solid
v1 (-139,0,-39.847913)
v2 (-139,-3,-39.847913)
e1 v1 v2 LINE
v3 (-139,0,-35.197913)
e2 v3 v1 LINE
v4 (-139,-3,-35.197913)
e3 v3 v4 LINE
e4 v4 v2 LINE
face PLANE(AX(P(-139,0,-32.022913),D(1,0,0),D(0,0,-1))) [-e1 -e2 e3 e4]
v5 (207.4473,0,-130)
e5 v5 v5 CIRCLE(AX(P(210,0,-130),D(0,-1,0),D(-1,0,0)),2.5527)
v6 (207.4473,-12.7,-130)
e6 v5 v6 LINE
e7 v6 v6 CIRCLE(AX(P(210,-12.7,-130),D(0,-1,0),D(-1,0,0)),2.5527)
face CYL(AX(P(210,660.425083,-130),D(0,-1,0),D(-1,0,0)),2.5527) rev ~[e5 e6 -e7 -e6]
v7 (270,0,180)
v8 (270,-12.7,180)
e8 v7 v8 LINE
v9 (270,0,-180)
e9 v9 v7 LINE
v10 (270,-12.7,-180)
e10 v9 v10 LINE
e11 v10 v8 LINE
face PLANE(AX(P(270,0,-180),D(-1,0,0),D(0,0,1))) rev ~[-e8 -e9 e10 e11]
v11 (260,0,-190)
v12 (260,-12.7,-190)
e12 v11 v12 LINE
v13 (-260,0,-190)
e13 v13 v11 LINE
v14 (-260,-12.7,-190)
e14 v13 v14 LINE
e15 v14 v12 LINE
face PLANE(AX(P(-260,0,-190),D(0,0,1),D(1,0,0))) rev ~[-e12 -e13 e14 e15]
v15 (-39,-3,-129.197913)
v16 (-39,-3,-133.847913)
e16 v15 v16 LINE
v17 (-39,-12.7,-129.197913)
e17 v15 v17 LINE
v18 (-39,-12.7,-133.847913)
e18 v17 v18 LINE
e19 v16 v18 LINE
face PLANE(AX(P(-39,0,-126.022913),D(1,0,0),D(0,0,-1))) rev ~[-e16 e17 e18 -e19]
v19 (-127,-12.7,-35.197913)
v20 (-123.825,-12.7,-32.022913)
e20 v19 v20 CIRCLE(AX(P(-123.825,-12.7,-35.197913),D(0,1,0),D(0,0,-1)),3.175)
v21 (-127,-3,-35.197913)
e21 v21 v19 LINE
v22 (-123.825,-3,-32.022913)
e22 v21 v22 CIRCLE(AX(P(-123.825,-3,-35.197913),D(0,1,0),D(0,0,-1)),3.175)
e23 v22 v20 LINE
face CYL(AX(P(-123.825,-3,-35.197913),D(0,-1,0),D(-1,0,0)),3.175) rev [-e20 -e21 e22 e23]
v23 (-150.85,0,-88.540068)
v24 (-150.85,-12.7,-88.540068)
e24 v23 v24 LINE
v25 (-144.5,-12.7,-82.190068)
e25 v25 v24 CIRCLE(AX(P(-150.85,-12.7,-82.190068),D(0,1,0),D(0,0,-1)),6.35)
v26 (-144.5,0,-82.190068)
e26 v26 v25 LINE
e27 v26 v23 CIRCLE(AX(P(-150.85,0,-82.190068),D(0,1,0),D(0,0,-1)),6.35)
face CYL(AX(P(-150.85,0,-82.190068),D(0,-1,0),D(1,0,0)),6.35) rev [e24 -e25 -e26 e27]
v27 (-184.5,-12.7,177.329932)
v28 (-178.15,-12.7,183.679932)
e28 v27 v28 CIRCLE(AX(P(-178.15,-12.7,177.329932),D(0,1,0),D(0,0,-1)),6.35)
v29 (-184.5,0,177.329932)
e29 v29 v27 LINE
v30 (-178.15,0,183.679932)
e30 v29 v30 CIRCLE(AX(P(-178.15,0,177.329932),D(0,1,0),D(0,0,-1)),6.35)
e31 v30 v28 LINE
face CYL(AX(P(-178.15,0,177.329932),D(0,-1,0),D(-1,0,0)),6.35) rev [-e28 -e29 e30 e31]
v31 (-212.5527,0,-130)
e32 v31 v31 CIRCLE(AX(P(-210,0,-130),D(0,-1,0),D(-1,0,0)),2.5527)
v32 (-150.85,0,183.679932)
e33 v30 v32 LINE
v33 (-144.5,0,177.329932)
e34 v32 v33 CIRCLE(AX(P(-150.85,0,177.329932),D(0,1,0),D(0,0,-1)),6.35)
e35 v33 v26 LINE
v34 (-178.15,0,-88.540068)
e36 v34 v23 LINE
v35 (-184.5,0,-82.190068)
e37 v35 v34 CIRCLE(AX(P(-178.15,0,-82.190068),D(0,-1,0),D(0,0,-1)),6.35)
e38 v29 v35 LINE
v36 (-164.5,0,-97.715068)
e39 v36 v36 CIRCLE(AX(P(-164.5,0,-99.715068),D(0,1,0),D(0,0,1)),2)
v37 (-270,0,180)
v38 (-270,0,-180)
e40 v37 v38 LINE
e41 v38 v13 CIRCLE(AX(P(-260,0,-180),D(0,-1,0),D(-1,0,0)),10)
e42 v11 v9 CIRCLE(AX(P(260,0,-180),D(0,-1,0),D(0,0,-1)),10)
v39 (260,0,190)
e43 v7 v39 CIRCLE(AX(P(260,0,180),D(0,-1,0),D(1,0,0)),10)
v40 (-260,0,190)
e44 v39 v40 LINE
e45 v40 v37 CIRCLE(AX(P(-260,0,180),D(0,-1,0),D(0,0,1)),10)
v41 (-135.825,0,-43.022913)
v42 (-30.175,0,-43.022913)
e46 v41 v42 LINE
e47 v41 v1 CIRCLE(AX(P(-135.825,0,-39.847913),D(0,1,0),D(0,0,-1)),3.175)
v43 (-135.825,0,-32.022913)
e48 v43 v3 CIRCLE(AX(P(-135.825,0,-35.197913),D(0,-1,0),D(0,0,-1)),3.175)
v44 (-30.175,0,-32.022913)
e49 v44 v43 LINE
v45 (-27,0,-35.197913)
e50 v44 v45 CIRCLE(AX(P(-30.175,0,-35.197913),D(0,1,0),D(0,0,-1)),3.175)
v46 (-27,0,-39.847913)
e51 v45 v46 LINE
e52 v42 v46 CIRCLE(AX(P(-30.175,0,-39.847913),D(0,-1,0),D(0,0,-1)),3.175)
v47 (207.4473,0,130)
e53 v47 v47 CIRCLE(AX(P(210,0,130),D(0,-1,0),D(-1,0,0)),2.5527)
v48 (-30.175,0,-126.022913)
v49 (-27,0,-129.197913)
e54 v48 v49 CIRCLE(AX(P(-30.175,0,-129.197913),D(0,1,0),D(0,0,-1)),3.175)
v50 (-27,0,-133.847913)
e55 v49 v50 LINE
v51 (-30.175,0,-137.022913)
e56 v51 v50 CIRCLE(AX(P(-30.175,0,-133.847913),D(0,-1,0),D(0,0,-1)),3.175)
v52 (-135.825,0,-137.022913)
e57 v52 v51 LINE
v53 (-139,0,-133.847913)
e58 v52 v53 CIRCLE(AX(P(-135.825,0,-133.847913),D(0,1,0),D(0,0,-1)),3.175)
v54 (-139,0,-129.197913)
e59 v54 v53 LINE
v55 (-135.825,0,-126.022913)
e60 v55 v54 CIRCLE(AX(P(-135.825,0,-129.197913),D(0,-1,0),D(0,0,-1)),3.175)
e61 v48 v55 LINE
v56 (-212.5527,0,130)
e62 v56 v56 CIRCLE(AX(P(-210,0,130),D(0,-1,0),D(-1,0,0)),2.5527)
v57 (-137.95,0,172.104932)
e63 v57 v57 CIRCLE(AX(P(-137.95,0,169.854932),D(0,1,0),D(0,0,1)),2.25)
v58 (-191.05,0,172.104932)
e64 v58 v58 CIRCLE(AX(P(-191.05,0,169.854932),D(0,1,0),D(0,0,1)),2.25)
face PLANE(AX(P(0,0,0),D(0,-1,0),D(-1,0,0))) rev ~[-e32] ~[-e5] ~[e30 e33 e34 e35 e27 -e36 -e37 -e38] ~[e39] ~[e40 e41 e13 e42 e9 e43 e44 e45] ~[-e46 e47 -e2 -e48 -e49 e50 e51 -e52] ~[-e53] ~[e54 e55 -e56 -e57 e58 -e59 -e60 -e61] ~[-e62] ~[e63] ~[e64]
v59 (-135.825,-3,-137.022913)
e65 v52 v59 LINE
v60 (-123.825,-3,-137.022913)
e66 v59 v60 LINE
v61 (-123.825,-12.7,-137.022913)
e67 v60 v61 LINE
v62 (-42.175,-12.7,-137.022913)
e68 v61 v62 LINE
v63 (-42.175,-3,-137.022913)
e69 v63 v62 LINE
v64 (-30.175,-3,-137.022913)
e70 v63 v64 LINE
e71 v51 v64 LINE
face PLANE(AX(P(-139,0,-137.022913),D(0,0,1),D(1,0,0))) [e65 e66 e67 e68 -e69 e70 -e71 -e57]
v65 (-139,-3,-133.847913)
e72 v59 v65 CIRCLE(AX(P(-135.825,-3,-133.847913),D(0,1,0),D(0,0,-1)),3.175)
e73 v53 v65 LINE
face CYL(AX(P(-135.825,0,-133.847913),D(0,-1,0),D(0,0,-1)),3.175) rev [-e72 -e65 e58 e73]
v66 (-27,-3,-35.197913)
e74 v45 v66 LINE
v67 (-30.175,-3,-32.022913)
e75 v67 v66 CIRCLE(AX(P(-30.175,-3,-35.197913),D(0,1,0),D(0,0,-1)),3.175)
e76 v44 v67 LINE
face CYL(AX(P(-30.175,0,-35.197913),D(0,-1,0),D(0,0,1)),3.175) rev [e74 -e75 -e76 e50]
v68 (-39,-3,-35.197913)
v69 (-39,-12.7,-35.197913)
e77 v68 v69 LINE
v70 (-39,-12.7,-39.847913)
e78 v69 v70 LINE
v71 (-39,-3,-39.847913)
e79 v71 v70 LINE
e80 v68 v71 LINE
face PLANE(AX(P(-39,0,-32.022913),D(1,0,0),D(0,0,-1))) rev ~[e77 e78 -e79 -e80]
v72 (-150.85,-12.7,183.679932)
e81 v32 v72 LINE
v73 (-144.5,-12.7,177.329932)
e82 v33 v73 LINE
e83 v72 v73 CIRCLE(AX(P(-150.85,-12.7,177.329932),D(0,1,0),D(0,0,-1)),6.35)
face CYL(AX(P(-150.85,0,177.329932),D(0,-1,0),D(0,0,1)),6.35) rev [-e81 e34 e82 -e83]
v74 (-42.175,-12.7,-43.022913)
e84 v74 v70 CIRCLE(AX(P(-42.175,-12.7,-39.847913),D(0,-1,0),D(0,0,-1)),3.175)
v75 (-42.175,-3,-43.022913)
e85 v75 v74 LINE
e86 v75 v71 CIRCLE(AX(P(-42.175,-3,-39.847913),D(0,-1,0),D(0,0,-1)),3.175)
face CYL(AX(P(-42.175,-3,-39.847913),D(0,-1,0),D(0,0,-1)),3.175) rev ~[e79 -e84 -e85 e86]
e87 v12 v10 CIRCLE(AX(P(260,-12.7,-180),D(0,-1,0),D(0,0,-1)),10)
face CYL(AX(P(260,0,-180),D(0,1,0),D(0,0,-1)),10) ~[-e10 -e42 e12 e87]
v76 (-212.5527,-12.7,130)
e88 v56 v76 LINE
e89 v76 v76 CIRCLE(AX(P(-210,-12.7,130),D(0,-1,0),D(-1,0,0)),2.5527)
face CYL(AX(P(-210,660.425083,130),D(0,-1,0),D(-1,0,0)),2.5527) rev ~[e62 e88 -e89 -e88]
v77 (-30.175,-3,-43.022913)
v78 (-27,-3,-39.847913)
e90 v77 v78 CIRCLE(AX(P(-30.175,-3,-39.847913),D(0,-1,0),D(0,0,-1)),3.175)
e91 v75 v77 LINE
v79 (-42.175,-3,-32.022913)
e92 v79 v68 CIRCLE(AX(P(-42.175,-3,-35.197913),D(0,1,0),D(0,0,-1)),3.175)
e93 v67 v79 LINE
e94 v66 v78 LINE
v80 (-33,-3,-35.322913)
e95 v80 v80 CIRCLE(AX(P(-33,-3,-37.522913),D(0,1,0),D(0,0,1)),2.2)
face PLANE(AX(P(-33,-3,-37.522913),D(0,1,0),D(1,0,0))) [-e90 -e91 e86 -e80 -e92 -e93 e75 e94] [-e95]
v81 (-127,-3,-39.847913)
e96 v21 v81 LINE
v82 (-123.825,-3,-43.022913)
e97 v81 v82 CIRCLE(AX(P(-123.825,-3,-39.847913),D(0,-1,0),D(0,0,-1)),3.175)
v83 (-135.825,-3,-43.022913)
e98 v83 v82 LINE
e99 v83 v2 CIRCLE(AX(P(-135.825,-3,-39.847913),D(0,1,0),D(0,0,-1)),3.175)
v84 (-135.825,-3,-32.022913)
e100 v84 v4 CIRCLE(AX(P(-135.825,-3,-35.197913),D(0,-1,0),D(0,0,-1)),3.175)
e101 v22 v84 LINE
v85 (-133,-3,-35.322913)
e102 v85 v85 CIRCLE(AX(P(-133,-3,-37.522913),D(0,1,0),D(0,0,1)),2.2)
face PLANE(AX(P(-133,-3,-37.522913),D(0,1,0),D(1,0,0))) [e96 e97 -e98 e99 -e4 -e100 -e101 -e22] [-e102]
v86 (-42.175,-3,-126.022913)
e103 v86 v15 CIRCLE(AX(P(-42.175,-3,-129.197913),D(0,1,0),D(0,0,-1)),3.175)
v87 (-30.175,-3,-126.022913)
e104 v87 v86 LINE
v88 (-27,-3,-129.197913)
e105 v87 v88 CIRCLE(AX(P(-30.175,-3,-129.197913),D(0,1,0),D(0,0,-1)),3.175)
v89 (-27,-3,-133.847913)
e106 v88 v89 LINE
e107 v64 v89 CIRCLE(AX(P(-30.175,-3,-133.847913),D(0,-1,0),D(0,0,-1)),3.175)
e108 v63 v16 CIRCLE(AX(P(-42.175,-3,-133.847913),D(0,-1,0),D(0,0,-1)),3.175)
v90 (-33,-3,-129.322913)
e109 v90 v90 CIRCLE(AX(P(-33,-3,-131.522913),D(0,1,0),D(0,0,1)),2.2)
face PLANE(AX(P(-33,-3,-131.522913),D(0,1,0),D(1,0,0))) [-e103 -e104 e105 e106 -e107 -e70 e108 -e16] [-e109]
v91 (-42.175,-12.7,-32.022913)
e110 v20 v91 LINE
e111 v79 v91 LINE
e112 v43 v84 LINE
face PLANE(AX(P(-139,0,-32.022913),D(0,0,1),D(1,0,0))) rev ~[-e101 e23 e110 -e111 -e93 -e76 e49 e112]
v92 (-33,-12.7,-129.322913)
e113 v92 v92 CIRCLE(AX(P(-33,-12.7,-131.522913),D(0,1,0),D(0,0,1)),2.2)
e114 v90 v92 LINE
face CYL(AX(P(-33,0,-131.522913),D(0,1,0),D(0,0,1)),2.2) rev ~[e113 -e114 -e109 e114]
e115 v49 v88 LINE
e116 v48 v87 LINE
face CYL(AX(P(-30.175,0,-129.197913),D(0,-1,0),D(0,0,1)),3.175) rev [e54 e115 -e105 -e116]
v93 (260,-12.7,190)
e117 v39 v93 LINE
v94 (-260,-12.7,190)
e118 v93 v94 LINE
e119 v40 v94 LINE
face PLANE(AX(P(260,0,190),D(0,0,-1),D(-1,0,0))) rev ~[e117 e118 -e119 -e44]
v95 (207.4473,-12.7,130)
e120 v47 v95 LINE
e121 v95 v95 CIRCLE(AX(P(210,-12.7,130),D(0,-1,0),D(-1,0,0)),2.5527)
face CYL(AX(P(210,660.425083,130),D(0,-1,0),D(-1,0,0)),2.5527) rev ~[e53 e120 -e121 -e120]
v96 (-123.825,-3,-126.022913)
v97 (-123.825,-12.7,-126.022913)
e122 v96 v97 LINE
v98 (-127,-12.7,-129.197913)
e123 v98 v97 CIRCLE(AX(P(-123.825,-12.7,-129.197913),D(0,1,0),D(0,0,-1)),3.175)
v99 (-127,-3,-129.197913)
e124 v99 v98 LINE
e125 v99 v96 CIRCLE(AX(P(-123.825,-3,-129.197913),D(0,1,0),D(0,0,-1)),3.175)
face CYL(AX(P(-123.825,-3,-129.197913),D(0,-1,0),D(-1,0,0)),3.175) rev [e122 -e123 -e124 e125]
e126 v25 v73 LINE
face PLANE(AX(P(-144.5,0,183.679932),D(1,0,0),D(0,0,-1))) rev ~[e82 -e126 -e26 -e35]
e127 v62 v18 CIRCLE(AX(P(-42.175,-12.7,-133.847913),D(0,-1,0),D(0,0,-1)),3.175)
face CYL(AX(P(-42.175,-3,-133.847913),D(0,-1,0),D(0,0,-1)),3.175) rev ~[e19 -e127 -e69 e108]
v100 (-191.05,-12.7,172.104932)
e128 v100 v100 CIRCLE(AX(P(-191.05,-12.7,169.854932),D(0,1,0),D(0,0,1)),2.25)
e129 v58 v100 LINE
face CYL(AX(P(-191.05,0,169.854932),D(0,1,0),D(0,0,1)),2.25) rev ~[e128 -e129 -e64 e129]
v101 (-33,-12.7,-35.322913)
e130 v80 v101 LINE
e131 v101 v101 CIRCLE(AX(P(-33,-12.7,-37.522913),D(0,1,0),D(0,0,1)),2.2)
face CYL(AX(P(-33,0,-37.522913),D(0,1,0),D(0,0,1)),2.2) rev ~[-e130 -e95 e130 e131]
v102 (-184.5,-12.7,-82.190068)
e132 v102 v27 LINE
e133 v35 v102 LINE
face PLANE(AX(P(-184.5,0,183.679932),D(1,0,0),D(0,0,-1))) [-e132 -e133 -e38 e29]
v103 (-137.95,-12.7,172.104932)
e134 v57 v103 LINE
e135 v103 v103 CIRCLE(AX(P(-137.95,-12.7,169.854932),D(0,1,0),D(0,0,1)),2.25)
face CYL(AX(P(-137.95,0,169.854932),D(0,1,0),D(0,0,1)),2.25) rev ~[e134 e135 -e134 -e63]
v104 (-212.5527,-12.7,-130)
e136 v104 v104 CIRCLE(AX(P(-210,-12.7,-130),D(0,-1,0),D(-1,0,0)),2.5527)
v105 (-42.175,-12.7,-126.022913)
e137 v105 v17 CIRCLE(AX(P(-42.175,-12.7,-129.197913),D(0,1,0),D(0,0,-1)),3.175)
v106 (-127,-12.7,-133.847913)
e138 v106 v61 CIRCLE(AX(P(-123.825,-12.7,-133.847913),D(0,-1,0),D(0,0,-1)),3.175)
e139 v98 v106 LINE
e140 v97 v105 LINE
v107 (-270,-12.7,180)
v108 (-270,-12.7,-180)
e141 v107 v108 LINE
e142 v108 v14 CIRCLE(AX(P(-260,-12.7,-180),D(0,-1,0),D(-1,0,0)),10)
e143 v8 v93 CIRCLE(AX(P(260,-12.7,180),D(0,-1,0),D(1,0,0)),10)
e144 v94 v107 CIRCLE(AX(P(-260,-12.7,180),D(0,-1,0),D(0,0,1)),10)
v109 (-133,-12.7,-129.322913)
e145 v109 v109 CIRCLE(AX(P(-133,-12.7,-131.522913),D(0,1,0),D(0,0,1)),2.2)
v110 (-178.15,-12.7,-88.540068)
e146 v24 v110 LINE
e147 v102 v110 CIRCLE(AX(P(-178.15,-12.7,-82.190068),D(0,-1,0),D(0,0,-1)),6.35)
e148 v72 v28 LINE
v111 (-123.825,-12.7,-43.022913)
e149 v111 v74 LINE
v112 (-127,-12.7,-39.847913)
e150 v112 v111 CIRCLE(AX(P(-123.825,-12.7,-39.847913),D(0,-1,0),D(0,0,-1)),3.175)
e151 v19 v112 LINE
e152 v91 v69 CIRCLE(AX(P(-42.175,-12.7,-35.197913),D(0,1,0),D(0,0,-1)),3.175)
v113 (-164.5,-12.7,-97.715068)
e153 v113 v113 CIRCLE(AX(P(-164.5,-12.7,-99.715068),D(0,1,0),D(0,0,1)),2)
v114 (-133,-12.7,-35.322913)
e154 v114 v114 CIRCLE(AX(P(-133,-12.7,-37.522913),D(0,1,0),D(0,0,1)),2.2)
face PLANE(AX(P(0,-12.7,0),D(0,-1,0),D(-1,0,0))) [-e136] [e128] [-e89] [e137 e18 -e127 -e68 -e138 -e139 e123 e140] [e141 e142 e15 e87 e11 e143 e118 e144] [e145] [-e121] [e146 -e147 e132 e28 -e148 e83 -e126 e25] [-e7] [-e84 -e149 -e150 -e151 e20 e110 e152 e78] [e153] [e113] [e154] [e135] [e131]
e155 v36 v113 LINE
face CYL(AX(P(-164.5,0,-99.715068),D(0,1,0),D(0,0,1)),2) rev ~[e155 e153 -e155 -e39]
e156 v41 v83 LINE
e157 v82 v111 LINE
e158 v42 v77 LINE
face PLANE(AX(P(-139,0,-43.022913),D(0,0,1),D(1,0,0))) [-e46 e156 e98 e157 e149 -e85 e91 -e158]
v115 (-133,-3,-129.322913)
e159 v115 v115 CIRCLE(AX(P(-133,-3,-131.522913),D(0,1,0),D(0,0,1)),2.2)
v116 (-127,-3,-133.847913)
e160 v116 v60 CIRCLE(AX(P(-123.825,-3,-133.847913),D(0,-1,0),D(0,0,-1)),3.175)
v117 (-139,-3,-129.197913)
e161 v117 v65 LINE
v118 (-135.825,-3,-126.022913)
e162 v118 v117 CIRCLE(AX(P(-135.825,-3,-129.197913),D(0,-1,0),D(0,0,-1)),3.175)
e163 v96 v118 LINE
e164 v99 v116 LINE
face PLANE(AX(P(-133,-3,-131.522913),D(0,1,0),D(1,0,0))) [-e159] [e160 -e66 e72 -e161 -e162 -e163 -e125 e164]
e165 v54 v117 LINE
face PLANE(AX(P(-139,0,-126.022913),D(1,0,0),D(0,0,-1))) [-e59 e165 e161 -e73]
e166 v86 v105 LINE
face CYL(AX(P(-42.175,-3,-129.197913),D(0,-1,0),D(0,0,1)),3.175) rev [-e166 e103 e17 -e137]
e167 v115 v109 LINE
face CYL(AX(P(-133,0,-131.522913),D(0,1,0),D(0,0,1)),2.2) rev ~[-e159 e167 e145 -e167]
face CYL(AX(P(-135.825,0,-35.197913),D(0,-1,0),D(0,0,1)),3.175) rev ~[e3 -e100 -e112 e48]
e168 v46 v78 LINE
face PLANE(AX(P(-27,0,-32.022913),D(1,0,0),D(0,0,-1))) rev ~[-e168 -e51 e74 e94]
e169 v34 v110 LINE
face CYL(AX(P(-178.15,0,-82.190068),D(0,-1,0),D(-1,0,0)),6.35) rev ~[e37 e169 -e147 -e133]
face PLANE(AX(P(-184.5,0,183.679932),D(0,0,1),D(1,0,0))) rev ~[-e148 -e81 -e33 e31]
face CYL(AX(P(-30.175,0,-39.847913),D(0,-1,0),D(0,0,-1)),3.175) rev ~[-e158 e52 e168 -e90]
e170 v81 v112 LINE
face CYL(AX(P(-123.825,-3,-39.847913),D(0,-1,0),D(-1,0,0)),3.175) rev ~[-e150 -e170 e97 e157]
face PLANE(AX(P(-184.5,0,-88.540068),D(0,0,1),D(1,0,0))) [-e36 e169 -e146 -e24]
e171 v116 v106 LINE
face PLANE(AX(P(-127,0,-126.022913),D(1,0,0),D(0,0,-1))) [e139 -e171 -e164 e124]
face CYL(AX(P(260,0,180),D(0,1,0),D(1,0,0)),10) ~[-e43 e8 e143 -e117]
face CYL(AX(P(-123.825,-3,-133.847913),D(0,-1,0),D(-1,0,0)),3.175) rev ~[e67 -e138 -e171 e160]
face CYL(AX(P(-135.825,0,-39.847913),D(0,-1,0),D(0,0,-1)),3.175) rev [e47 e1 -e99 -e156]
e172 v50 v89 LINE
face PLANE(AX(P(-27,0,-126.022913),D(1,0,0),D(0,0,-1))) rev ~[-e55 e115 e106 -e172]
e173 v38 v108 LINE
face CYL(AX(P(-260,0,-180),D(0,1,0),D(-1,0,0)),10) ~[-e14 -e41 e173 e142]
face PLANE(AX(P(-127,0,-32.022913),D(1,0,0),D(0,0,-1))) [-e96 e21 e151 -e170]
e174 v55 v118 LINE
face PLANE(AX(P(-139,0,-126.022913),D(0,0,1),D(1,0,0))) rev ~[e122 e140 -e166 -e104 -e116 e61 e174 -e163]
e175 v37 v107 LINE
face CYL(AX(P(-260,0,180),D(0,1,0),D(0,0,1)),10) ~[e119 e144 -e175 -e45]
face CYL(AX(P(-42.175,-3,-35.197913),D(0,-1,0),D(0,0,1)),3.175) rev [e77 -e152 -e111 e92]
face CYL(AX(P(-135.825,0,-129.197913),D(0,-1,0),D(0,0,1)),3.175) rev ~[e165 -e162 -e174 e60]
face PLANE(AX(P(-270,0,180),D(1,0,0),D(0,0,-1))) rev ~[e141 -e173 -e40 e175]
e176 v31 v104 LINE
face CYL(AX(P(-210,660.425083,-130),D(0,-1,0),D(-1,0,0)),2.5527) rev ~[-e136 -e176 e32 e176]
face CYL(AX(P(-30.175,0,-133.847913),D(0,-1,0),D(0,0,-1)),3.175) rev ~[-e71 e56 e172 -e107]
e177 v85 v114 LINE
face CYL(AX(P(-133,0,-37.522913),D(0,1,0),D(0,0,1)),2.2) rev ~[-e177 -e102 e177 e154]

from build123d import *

# Parameters (mm, degrees)
BOSS_EXTRUDE1_DEPTH         = 12.7
TAP_DRILL_FOR_1_4_20_TAP1_D = 5.1054
SKETCH10_R                  = 2.25
SKETCH10_R_2                = 2.2
CUT_EXTRUDE1_DEPTH          = 331.395656751
CUT_EXTRUDE2_REACH          = 332.396
SKETCH11_W                  = 88
SKETCH11_H                  = 11
SKETCH12_W                  = 40
SKETCH12_H                  = 272.22
CUT_EXTRUDE3_DEPTH          = 331.395656751
SKETCH13_W                  = 12
SKETCH13_H                  = 11
CUT_EXTRUDE4_DEPTH          = 3
FILLET2_R                   = 6.35
FILLET3_R                   = 3.175
SKETCH14_R                  = 2
CUT_EXTRUDE5_DEPTH          = 331.395656751


with BuildPart() as part:
    # Sketch1 → Boss-Extrude1 (new body)
    with BuildSketch(Plane(origin=(0, 0, 0), x_dir=(1, 0, 0), z_dir=(0, 1, 0))):
        with BuildLine():
            Line((-260, 190), (260, 190))
            ThreePointArc((260, 190), (267.071067812, 187.071067812), (270, 180))
            Line((270, 180), (270, -180))
            ThreePointArc((270, -180), (267.071067812, -187.071067812), (260, -190))
            Line((260, -190), (-260, -190))
            ThreePointArc((-260, -190), (-267.071067812, -187.071067812), (-270, -180))
            Line((-270, -180), (-270, 180))
            ThreePointArc((-270, 180), (-267.071067812, 187.071067812), (-260, 190))
        make_face()
    extrude(amount=-BOSS_EXTRUDE1_DEPTH)

    # Tap Drill for 1/4-20 Tap1 (through all)
    with Locations(Plane(origin=(0, 0, 0), x_dir=(1, 0, 0), z_dir=(0, 1, 0))):
        with Locations((-210, 130), (-210, -130), (210, 130), (210, -130)):
            Hole(TAP_DRILL_FOR_1_4_20_TAP1_D / 2)

    # Sketch10 → Cut-Extrude1 (cut, through all)
    with BuildSketch(Plane(origin=(0, 0, 0), x_dir=(1, 0, 0), z_dir=(0, 1, 0))):
        with Locations(Location((-137.95, -169.854932, 0), (0, 0, 270))):
            Circle(SKETCH10_R)
        with Locations(Location((-191.05, -169.854932, 0), (0, 0, 270))):
            Circle(SKETCH10_R)
        with Locations(Location((-133, 131.522913005, 0), (0, 0, 270))):
            Circle(SKETCH10_R_2)
        with Locations(Location((-33, 131.522913005, 0), (0, 0, 270))):
            Circle(SKETCH10_R_2)
        with Locations(Location((-133, 37.522913005, 0), (0, 0, 270))):
            Circle(SKETCH10_R_2)
        with Locations(Location((-33, 37.522913005, 0), (0, 0, 270))):
            Circle(SKETCH10_R_2)
    extrude(amount=-CUT_EXTRUDE1_DEPTH, mode=Mode.SUBTRACT)

    # Sketch11 → Cut-Extrude2 (cut, up to next)
    with BuildSketch(Plane(origin=(0, 0, 0), x_dir=(1, 0, 0), z_dir=(0, 1, 0)), mode=Mode.PRIVATE) as cut_extrude2_sk1:
        with Locations((-83, 37.522913005)):
            Rectangle(SKETCH11_W, SKETCH11_H)
    cut_extrude2_tool1 = extrude(cut_extrude2_sk1.sketch, amount=-CUT_EXTRUDE2_REACH, mode=Mode.PRIVATE) & part.part
    # Sketch11 → Cut-Extrude2 (cut, up to next)
    with BuildSketch(Plane(origin=(0, 0, 0), x_dir=(1, 0, 0), z_dir=(0, 1, 0)), mode=Mode.PRIVATE) as cut_extrude2_sk2:
        with Locations((-83, 131.522913005)):
            Rectangle(SKETCH11_W, SKETCH11_H)
    cut_extrude2_tool2 = extrude(cut_extrude2_sk2.sketch, amount=-CUT_EXTRUDE2_REACH, mode=Mode.PRIVATE) & part.part
    add(cut_extrude2_tool1.solids().sort_by_distance((-83, 0, -37.522913))[0], mode=Mode.SUBTRACT)
    add(cut_extrude2_tool2.solids().sort_by_distance((-83, 0, -131.522913))[0], mode=Mode.SUBTRACT)

    # Sketch12 → Cut-Extrude3 (cut, through all)
    with BuildSketch(Plane(origin=(0, 0, 0), x_dir=(1, 0, 0), z_dir=(0, 1, 0))):
        with Locations((-164.5, -47.569932)):
            Rectangle(SKETCH12_W, SKETCH12_H)
    extrude(amount=-CUT_EXTRUDE3_DEPTH, mode=Mode.SUBTRACT)

    # Sketch13 → Cut-Extrude4 (cut)
    with BuildSketch(Plane(origin=(0, 0, 0), x_dir=(1, 0, 0), z_dir=(0, 1, 0))):
        with Locations((-33, 37.522913005)):
            Rectangle(SKETCH13_W, SKETCH13_H)
        with Locations((-33, 131.522913005)):
            Rectangle(SKETCH13_W, SKETCH13_H)
        with Locations((-133, 37.522913005)):
            Rectangle(SKETCH13_W, SKETCH13_H)
        with Locations((-133, 131.522913005)):
            Rectangle(SKETCH13_W, SKETCH13_H)
    extrude(amount=-CUT_EXTRUDE4_DEPTH, mode=Mode.SUBTRACT)

    # Fillet2
    fillet2_edges = [part.edges().sort_by_distance(p)[0] for p in [
        (-144.5, -6.35, -88.540068),
        (-144.5, -6.35, 183.679932),
        (-184.5, -6.35, 183.679932),
        (-184.5, -6.35, -88.540068),
    ]]
    fillet(fillet2_edges, radius=FILLET2_R)

    # Fillet3
    fillet3_edges = [part.edges().sort_by_distance(p)[0] for p in [
        (-127, -7.85, -32.022913005),
        (-127, -7.85, -43.022913005),
        (-39, -7.85, -43.022913005),
        (-39, -7.85, -32.022913005),
        (-39, -7.85, -137.022913005),
        (-39, -7.85, -126.022913005),
        (-127, -7.85, -126.022913005),
        (-127, -7.85, -137.022913005),
        (-27, -1.5, -137.022913005),
        (-27, -1.5, -126.022913005),
        (-139, -1.5, -32.022913005),
        (-139, -1.5, -43.022913005),
        (-139, -1.5, -126.022913005),
        (-139, -1.5, -137.022913005),
        (-27, -1.5, -43.022913005),
        (-27, -1.5, -32.022913005),
    ]]
    fillet(fillet3_edges, radius=FILLET3_R)

    # Sketch14 → Cut-Extrude5 (cut, through all)
    with BuildSketch(Plane(origin=(0, 0, 0), x_dir=(1, 0, 0), z_dir=(0, 1, 0))):
        with Locations(Location((-164.5, 99.715068, 0), (0, 0, 270))):
            Circle(SKETCH14_R)
    extrude(amount=-CUT_EXTRUDE5_DEPTH, mode=Mode.SUBTRACT)


solid = part.part
